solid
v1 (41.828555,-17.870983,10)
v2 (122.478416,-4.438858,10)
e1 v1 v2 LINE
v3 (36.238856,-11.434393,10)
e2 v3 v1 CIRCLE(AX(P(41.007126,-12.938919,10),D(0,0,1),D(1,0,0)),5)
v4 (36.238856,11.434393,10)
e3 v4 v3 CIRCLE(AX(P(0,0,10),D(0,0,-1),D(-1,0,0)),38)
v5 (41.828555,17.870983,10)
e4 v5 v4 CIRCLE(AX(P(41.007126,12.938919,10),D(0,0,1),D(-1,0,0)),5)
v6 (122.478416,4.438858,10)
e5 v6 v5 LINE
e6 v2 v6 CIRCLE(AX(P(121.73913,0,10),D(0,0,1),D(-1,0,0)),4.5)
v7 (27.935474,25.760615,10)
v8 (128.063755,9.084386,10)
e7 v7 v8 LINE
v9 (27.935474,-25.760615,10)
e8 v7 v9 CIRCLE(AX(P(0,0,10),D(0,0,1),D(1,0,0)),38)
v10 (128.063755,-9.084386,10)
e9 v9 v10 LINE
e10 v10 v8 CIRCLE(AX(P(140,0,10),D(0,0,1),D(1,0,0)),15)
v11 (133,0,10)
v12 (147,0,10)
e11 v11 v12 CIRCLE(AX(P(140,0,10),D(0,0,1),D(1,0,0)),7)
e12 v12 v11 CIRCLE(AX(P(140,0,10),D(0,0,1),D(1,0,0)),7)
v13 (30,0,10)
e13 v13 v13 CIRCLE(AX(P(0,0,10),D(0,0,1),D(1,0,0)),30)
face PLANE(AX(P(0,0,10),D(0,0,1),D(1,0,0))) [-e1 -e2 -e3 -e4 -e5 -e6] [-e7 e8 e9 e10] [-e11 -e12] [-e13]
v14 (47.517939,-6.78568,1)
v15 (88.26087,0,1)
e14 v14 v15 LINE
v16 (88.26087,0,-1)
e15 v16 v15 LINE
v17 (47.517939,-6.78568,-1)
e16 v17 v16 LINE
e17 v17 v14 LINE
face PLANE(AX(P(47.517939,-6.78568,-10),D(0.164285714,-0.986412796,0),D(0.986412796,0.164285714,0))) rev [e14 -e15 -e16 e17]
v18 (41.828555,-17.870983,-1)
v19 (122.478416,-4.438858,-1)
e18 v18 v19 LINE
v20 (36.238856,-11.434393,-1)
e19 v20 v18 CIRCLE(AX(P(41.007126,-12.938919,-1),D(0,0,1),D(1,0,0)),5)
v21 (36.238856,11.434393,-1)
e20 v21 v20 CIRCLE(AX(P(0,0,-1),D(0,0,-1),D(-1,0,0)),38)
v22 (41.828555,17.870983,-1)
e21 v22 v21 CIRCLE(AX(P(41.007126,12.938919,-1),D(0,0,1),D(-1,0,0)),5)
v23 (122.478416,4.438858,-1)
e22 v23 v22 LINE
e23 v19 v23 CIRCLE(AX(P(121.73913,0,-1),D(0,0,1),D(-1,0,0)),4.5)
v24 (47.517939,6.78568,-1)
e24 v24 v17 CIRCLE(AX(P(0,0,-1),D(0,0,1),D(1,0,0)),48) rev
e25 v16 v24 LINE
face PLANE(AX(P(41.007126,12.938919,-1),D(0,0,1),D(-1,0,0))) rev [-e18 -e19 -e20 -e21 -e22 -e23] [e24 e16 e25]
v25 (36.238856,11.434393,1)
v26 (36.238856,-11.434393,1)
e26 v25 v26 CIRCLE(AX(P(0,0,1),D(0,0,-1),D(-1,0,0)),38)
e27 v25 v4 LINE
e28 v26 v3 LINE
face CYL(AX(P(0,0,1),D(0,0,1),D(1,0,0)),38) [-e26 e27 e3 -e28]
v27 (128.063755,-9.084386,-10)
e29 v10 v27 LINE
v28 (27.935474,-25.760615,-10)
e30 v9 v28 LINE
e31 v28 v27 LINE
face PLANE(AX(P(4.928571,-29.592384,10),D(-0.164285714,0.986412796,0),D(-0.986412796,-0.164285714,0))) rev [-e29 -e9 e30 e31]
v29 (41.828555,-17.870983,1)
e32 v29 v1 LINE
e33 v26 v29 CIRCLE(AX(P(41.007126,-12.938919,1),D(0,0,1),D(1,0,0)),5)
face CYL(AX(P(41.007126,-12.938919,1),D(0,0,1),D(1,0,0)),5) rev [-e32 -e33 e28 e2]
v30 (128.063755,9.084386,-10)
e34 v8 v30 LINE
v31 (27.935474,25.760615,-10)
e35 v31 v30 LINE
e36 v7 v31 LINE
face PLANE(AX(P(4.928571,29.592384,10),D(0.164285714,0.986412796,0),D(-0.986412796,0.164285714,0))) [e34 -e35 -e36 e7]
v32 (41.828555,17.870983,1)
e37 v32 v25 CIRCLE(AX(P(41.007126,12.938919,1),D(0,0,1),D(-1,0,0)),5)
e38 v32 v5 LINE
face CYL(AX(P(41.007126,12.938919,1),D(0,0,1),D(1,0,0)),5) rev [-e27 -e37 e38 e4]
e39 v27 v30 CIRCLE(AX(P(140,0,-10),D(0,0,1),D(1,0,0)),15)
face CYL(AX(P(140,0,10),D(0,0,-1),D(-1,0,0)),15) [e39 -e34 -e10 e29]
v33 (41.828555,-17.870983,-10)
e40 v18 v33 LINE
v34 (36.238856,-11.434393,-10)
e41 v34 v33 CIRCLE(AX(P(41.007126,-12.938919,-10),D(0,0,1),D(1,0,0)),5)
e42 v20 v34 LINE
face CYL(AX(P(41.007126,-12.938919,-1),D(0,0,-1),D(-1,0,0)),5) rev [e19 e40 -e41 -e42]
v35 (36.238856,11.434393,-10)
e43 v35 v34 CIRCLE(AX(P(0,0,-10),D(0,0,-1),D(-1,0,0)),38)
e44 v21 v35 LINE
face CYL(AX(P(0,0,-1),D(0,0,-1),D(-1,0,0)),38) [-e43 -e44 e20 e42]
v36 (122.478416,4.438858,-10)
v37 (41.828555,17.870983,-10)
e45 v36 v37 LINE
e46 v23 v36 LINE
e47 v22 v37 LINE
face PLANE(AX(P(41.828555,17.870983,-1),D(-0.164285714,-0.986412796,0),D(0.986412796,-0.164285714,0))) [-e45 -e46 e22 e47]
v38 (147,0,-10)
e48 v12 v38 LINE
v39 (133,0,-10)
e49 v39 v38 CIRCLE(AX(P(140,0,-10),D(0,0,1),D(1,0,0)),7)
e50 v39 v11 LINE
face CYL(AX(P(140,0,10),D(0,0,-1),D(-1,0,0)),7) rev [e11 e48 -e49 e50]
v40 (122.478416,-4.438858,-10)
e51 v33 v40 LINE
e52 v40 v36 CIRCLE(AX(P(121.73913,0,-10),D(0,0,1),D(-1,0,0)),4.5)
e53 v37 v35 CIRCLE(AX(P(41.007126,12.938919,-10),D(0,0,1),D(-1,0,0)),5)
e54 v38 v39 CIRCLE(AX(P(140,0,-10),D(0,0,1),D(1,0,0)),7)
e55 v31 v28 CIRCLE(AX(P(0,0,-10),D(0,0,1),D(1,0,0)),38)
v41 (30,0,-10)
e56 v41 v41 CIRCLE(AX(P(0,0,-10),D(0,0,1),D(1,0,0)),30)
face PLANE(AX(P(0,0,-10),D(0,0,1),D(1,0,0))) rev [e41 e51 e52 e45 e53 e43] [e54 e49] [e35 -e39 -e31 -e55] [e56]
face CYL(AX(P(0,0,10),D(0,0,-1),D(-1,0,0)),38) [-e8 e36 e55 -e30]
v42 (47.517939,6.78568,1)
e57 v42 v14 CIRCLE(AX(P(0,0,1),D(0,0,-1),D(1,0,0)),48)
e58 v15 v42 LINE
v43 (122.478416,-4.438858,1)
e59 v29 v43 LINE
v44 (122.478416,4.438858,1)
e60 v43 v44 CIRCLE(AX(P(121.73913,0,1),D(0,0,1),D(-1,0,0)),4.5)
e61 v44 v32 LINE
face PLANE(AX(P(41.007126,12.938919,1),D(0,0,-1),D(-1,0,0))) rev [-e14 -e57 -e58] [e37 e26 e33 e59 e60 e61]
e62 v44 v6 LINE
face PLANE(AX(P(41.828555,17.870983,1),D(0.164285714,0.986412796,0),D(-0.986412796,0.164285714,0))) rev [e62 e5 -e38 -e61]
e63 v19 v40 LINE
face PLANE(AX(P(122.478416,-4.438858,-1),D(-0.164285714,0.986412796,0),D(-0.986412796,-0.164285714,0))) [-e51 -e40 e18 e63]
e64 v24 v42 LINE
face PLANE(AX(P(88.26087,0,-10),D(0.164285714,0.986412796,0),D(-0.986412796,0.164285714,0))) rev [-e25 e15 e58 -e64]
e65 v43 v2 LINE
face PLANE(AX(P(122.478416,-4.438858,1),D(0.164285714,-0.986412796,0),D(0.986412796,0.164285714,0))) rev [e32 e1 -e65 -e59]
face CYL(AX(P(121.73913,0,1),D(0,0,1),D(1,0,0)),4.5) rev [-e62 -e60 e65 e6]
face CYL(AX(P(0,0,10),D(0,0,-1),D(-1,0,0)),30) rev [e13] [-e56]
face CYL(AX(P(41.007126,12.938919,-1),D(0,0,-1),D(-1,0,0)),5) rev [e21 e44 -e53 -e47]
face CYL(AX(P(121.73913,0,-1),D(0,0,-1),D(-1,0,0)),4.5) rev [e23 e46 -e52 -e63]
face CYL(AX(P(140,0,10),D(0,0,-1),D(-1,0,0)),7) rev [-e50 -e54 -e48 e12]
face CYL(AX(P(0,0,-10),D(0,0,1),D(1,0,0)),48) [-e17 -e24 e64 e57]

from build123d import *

# Parameters (mm, degrees)
SKETCH1_R           = 30
SKETCH1_R_2         = 7
BOSS_EXTRUDE1_DEPTH = 10
CUT_EXTRUDE1_DEPTH  = 9
CUT_EXTRUDE2_DEPTH  = 12


with BuildPart() as part:
    # Sketch1 → Boss-Extrude1 (new body, symmetric)
    with BuildSketch(Plane.XY):
        with BuildLine():
            Line((128.063755469, 9.084385863), (27.935473676, 25.760615491))
            ThreePointArc((27.935473676, 25.760615491), (-38, 0), (27.935473676, -25.760615491))
            Line((27.935473676, -25.760615491), (128.063755469, -9.084385863))
            ThreePointArc((128.063755469, -9.084385863), (155, 0), (128.063755469, 9.084385863))
        make_face()
        Circle(SKETCH1_R, mode=Mode.SUBTRACT)
        with Locations((140, 0)):
            Circle(SKETCH1_R_2, mode=Mode.SUBTRACT)
    extrude(amount=BOSS_EXTRUDE1_DEPTH, both=True)

    # Sketch2 → Cut-Extrude1 (cut)
    with BuildSketch(Plane.XY.offset(10)):
        with BuildLine():
            Line((41.828554558, 17.870982725), (122.478416149, 4.438857582))
            ThreePointArc((122.478416149, 4.438857582), (126.239130435, 0), (122.478416149, -4.438857582))
            Line((122.478416149, -4.438857582), (41.828554558, -17.870982725))
            ThreePointArc((41.828554558, -17.870982725), (37.231968897, -16.217361812), (36.238855523, -11.43439331))
            ThreePointArc((36.238855523, -11.43439331), (38, 0), (36.238855523, 11.43439331))
            ThreePointArc((36.238855523, 11.43439331), (37.231968897, 16.217361812), (41.828554558, 17.870982725))
        make_face()
    cut_extrude1 = extrude(amount=-CUT_EXTRUDE1_DEPTH, mode=Mode.SUBTRACT)

    # Mirror1: Cut-Extrude1 across plane
    add(cut_extrude1.mirror(Plane.XY), mode=Mode.SUBTRACT)

    # Sketch3 → Cut-Extrude2 (cut, through all)
    with BuildSketch(Plane.XY.offset(1)):
        with BuildLine():
            Line((47.517939236, -6.785679827), (88.260869565, 0))
            Line((88.260869565, 0), (47.517939236, 6.785679827))
            ThreePointArc((47.517939236, 6.785679827), (48, 0), (47.517939236, -6.785679827))
        make_face()
    extrude(amount=-CUT_EXTRUDE2_DEPTH, mode=Mode.SUBTRACT)


solid = part.part
